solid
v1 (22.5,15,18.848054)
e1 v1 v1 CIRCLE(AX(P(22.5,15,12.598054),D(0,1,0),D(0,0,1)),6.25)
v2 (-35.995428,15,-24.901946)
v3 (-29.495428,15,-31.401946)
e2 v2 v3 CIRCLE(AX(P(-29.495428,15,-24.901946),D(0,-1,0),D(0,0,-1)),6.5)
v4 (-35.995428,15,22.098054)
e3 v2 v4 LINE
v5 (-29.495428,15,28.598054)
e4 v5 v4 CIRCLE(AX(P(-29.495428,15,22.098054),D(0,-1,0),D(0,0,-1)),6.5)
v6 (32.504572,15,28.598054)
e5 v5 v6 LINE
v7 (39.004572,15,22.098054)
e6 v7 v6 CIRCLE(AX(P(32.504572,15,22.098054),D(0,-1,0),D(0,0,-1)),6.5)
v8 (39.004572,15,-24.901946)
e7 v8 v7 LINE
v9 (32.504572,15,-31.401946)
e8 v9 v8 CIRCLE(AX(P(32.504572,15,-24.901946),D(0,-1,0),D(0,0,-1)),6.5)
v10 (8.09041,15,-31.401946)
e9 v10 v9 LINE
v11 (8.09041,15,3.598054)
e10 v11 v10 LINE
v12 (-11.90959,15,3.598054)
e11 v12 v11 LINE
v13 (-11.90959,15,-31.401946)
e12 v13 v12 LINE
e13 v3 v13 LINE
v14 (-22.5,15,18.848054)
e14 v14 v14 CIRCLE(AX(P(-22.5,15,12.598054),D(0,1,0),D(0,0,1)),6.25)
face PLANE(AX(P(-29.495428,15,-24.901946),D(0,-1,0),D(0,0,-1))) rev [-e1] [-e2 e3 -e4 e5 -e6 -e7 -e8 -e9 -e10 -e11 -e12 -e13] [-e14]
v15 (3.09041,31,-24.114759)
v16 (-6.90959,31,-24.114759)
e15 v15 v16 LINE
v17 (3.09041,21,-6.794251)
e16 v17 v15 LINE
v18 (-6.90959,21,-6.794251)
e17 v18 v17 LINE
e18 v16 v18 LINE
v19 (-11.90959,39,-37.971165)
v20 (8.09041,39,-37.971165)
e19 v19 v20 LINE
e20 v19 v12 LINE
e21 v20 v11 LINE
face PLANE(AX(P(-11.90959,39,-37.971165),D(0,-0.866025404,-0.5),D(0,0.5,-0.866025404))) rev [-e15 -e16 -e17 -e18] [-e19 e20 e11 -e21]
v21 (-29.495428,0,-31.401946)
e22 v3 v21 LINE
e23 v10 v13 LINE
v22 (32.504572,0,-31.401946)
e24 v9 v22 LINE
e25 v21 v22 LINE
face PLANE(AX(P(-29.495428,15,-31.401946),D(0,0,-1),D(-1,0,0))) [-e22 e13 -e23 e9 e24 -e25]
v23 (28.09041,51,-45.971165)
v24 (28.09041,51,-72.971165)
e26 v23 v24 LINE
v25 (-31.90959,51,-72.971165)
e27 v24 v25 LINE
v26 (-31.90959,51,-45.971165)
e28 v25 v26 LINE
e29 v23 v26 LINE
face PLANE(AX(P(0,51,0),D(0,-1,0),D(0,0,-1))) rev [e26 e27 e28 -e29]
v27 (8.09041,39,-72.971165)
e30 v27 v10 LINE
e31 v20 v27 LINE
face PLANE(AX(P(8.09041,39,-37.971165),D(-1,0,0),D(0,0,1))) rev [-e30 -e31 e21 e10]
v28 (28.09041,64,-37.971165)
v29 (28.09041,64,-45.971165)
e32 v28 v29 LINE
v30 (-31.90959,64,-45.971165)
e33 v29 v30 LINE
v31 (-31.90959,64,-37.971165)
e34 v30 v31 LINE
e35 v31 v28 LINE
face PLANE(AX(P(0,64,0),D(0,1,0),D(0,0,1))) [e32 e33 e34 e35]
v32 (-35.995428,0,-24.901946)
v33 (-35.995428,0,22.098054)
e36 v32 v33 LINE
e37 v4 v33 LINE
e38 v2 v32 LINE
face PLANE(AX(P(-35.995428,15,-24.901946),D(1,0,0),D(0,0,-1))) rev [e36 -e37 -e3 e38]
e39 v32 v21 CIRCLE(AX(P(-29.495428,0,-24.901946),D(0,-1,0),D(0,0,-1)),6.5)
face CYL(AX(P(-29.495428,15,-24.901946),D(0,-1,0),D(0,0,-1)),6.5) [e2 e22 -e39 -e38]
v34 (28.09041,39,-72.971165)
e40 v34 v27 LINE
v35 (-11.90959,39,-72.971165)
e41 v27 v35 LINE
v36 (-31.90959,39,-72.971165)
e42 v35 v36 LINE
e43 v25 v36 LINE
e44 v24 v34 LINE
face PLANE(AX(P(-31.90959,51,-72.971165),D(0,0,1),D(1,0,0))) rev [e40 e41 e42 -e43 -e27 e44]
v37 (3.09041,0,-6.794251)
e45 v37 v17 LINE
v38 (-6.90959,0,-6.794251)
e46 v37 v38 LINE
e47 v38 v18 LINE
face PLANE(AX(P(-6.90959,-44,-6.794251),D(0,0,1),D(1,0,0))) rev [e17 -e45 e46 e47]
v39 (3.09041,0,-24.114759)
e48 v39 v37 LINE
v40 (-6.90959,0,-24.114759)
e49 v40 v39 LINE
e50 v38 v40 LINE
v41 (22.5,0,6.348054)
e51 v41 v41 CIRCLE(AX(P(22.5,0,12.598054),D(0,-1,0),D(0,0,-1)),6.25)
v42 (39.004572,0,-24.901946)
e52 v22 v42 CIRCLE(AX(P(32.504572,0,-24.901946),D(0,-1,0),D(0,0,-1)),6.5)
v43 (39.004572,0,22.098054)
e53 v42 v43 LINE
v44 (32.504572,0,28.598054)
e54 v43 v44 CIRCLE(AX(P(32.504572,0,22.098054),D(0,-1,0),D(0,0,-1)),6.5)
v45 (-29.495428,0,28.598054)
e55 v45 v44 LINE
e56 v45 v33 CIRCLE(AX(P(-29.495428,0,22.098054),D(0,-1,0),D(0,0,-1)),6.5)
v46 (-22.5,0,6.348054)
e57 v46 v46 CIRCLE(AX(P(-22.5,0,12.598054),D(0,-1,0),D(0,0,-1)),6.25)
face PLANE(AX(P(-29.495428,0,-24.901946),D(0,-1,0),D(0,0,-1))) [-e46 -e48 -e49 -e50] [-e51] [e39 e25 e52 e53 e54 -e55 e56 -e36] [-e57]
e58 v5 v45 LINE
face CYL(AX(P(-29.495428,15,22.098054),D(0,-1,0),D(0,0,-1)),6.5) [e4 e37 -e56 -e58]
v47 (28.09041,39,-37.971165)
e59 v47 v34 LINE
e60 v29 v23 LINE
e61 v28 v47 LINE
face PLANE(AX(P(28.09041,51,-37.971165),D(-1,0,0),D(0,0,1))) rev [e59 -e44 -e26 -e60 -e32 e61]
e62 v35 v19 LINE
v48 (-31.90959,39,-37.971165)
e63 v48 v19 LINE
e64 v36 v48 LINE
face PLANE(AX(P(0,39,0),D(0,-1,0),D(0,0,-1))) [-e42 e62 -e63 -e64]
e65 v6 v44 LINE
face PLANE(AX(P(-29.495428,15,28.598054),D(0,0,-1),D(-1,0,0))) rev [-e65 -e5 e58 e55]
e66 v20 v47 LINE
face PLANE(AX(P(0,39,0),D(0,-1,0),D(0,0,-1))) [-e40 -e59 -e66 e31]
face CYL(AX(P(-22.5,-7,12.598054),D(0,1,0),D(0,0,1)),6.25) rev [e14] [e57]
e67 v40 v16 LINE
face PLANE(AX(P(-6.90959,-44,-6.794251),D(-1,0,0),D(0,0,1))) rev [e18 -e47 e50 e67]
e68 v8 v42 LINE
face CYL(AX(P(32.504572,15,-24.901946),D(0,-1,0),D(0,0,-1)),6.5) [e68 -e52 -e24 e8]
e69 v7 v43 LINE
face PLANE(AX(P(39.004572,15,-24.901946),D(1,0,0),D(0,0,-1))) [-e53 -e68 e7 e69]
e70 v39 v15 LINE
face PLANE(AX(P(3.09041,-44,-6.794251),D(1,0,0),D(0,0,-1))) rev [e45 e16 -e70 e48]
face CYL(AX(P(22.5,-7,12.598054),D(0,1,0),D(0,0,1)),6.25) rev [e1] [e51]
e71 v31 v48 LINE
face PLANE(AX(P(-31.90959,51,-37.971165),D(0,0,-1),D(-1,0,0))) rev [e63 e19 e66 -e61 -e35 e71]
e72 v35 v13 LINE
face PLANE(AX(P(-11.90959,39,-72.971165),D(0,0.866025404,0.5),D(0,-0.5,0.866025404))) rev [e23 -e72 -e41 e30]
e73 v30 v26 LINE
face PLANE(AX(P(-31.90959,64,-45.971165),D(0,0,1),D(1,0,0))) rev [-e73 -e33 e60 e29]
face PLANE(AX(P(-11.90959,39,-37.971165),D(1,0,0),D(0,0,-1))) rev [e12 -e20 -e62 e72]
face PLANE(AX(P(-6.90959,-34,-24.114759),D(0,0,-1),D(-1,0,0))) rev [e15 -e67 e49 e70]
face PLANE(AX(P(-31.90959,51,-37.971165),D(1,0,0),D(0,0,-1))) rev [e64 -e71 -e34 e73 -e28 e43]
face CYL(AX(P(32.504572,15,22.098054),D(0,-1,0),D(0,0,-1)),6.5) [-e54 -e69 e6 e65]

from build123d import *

# Parameters (mm, degrees)
BOSS_EXTRUDE1_DEPTH = 15
SKETCH5_R           = 6.25
CUT_EXTRUDE1_DEPTH  = 22
SKETCH7_W           = 20
SKETCH7_H           = 35
BOSS_EXTRUDE4_DEPTH = 48
SKETCH19_W          = 10
SKETCH19_H          = 20
CUT_EXTRUDE2_DEPTH  = 65
SKETCH22_W          = 60
SKETCH22_H          = 35
BOSS_EXTRUDE5_DEPTH = 12
SKETCH23_W          = 60
SKETCH23_H          = 8
BOSS_EXTRUDE6_DEPTH = 13


with BuildPart() as part:
    # Sketch3 → Boss-Extrude1 (new body)
    with BuildSketch(Plane(origin=(0, 0, 0), x_dir=(1, 0, 0), z_dir=(0, 1, 0))):
        with BuildLine():
            Line((-29.495428398, 31.401945846), (32.504571602, 31.401945846))
            ThreePointArc((32.504571602, 31.401945846), (37.100765679, 29.498139924), (39.004571602, 24.901945846))
            Line((39.004571602, 24.901945846), (39.004571602, -22.098054154))
            ThreePointArc((39.004571602, -22.098054154), (37.100765679, -26.694248232), (32.504571602, -28.598054154))
            Line((32.504571602, -28.598054154), (-29.495428398, -28.598054154))
            ThreePointArc((-29.495428398, -28.598054154), (-34.091622476, -26.694248232), (-35.995428398, -22.098054154))
            Line((-35.995428398, -22.098054154), (-35.995428398, 24.901945846))
            ThreePointArc((-35.995428398, 24.901945846), (-34.091622476, 29.498139924), (-29.495428398, 31.401945846))
        make_face()
    extrude(amount=BOSS_EXTRUDE1_DEPTH)

    # Sketch5 → Cut-Extrude1 (cut)
    with BuildSketch(Plane(origin=(0, 15, 0), x_dir=(1, 0, 0), z_dir=(0, 1, 0))):
        with Locations(Location((-22.5, -12.598054154, 0), (0, 0, 270))):
            Circle(SKETCH5_R)
        with Locations(Location((22.5, -12.598054154, 0), (0, 0, 270))):
            Circle(SKETCH5_R)
    extrude(amount=-CUT_EXTRUDE1_DEPTH, mode=Mode.SUBTRACT)

    # Sketch7 → Boss-Extrude4 (add, along a direction that is not the sketch's normal)
    with BuildSketch(Plane(origin=(0, 15, 0), x_dir=(1, 0, 0), z_dir=(0, 1, 0))):
        with Locations((-1.909590385, 13.901945846)):
            Rectangle(SKETCH7_W, SKETCH7_H)
    extrude(amount=BOSS_EXTRUDE4_DEPTH, dir=(0, 0.5000000000000001, -0.8660254037844387))

    # Sketch19 → Cut-Extrude2 (cut, along a direction that is not the sketch's normal)
    with BuildSketch(Plane(origin=(0, 12.808003151, 7.394704067), x_dir=(1, 0, 0), z_dir=(0, 0.8660254037844377, 0.5000000000000016))):
        with Locations((-1.909590385, 26.383993698)):
            Rectangle(SKETCH19_W, SKETCH19_H)
    extrude(amount=-CUT_EXTRUDE2_DEPTH, dir=(0, 1, 0), mode=Mode.SUBTRACT)

    # Sketch22 → Boss-Extrude5 (add)
    with BuildSketch(Plane(origin=(0, 39, 0), x_dir=(1, 0, 0), z_dir=(0, 1, 0))):
        with Locations((-1.909590385, 55.471165228)):
            Rectangle(SKETCH22_W, SKETCH22_H)
    extrude(amount=BOSS_EXTRUDE5_DEPTH)

    # Sketch23 → Boss-Extrude6 (add)
    with BuildSketch(Plane(origin=(0, 51, 0), x_dir=(1, 0, 0), z_dir=(0, 1, 0))):
        with Locations((-1.909590385, 41.971165228)):
            Rectangle(SKETCH23_W, SKETCH23_H)
    extrude(amount=BOSS_EXTRUDE6_DEPTH)


solid = part.part
